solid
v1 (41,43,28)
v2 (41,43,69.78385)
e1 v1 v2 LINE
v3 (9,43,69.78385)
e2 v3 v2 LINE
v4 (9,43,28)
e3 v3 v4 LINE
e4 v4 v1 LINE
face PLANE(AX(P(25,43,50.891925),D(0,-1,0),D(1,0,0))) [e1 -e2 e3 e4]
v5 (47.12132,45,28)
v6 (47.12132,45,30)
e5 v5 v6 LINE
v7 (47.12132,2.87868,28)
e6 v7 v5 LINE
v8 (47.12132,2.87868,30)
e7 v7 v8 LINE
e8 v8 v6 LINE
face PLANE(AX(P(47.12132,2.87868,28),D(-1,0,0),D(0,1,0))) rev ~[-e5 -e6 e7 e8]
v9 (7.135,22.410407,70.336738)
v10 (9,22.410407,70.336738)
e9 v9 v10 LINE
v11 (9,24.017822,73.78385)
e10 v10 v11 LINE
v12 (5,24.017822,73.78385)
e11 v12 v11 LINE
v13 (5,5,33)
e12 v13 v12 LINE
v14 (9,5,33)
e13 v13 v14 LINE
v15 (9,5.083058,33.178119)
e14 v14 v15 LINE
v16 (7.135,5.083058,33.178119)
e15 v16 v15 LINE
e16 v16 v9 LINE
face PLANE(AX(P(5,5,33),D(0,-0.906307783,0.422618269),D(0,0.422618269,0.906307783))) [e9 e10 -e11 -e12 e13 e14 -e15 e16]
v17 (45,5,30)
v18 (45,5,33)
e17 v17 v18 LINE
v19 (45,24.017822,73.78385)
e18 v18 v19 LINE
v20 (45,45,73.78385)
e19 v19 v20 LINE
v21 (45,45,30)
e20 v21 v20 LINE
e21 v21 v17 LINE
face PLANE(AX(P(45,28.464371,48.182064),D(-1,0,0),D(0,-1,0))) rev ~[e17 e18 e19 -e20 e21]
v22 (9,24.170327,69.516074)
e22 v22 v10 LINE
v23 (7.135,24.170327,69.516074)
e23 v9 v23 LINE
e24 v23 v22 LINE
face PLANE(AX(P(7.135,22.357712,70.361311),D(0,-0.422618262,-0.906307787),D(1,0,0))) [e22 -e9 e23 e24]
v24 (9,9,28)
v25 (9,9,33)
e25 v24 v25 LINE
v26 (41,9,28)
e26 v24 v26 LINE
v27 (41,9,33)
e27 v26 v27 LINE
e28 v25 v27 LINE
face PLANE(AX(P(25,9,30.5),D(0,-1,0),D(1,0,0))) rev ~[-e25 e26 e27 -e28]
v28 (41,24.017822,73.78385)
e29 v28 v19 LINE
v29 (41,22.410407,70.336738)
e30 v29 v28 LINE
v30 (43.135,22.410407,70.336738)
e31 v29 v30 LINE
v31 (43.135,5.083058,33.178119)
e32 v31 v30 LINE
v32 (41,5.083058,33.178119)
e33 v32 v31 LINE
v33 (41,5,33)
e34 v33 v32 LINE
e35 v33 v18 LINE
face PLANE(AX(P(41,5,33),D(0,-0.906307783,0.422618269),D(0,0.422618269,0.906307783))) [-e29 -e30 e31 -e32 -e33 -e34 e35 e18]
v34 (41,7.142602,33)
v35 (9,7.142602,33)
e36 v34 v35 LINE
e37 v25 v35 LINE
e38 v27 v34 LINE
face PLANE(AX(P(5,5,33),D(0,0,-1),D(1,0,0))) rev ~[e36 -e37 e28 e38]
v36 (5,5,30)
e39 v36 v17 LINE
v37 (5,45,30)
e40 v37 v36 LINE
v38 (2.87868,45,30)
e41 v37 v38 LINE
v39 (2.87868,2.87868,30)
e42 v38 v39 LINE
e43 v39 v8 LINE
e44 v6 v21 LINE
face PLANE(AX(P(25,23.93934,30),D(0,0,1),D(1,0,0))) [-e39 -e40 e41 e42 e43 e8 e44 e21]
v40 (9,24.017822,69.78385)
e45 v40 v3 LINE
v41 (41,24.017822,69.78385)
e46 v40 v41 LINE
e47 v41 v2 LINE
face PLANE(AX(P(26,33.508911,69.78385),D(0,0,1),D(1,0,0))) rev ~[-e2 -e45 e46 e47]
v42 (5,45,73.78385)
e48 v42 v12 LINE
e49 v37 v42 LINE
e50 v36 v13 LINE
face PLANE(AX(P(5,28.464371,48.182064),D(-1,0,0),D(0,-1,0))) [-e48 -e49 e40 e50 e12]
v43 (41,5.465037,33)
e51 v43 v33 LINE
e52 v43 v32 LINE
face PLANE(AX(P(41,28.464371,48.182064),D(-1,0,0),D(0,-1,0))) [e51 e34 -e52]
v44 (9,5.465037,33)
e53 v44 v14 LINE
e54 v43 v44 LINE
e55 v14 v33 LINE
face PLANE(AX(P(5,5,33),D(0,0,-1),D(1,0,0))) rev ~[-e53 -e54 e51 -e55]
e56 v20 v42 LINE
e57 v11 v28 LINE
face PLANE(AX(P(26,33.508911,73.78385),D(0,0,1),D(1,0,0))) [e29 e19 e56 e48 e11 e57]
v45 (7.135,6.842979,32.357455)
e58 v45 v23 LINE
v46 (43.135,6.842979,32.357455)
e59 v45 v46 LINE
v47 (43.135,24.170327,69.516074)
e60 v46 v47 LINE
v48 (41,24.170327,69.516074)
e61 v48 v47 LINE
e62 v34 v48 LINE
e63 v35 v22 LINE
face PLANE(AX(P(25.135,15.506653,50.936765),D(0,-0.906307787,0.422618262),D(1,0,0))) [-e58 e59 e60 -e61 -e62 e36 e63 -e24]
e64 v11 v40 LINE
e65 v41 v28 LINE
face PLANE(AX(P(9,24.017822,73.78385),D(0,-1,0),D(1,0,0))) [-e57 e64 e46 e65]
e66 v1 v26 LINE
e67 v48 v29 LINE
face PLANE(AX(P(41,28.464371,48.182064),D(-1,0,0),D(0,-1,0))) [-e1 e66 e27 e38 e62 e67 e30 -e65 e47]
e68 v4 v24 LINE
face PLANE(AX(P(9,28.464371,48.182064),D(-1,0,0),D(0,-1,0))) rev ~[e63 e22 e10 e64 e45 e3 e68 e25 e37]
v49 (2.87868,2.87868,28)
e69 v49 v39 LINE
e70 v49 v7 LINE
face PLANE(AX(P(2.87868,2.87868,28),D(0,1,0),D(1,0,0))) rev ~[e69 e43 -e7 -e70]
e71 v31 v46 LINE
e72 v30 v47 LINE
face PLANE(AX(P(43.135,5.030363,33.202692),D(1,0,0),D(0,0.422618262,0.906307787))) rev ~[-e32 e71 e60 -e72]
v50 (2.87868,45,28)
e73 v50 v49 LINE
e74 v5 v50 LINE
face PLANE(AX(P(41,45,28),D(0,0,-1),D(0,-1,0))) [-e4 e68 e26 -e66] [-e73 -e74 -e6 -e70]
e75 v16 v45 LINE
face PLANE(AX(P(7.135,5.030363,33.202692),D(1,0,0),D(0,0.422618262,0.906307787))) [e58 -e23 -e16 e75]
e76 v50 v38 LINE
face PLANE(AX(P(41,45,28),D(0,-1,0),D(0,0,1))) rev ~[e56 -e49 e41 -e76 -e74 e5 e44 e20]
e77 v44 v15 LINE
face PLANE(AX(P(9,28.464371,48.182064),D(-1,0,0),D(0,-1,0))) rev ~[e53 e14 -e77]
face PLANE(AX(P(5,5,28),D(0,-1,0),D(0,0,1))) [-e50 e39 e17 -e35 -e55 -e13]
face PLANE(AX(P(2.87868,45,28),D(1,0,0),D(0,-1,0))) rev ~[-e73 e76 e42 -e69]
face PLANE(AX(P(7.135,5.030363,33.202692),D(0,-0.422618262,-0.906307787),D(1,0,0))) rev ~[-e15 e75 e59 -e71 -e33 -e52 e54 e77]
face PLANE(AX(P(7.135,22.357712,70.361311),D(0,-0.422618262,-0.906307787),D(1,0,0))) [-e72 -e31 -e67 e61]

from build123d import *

# Parameters (mm, degrees)
SKETCH033_W             = 36
SKETCH033_H             = 41
SKETCH033_R             = 1.65
EXTRUDE035_DEPTH        = 2
SKETCH039_W             = 14.242
SKETCH039_H             = 2.925
EXTRUDE039_DEPTH        = 0.5
LINK007_PLACEMENT_ANGLE = 65
SKETCH040_W             = 40
SKETCH040_H             = 38
EXTRUDE041_DEPTH        = 2
EXTRUDE040_DEPTH        = 4
SKETCH041_W             = 40
SKETCH041_H             = 45.78385
EXTRUDE042_DEPTH        = 2
SKETCH042_W             = 34
SKETCH042_H             = 18.982178
EXTRUDE043_DEPTH        = 4
SKETCH043_W             = 40
SKETCH043_H             = 5
EXTRUDE044_DEPTH        = 4


with BuildPart() as extrude_displaycase_front:
    # Sketch033 → Extrude035 (new body)
    with BuildSketch(Plane.XY):
        with Locations((13.635, 13)):
            Rectangle(SKETCH033_W, SKETCH033_H)
        with Locations((3, 30.31)):
            Circle(SKETCH033_R, mode=Mode.SUBTRACT)
        with Locations((24.27, 30.31)):
            Circle(SKETCH033_R, mode=Mode.SUBTRACT)
        with Locations((3, -2)):
            Circle(SKETCH033_R, mode=Mode.SUBTRACT)
        with Locations((24.27, -2)):
            Circle(SKETCH033_R, mode=Mode.SUBTRACT)
        Polygon((27.37, 23.21), (27.37, 3.51), (-0.1, 3.51), (-0.1, 23.21), (6.514, 23.21), (6.514, 26.135), (20.756, 26.135), (20.756, 23.21), align=None, mode=Mode.SUBTRACT)
    extrude(amount=-EXTRUDE035_DEPTH)


with BuildPart() as fusion_displaycase_front001:
    # Sketch039 → Extrude039 (new body)
    with BuildSketch(Plane.XY):
        with Locations((13.635, 24.6725)):
            Rectangle(SKETCH039_W, SKETCH039_H)
    extrude(amount=-EXTRUDE039_DEPTH)

    # Fusion012: union Extrude_DisplayCase_Front
    add(extrude_displaycase_front.part)


with BuildPart() as fusion_displaycase_front001_1:
    # Link007 placement: moved
    add(fusion_displaycase_front001.part.moved(Location((6.5, 3.2, 12))).rotate(Axis((6.5, 3.2, 12), (1, 0, 0)), LINK007_PLACEMENT_ANGLE))


with BuildPart() as extrude_displaycase_bottom:
    # Sketch040 → Extrude041 (new body)
    with BuildSketch(Plane.XY):
        Polygon((40, 40), (0, 40), (-2.12132, 40), (-2.12132, -2.12132), (42.12132, -2.12132), (42.12132, 40), align=None)
        with Locations((20, 19)):
            Rectangle(SKETCH040_W, SKETCH040_H, mode=Mode.SUBTRACT)
    extrude(amount=EXTRUDE041_DEPTH)


with BuildPart() as extrude_displaycase_side:
    # Sketch032 → Extrude040 (new body)
    with BuildSketch(Plane.YZ):
        Polygon((0, 5), (19.017822, 45.78385), (40, 45.78385), (40, 5), (40, 0), (0, 0), align=None)
    extrude(amount=EXTRUDE040_DEPTH)


with BuildPart() as extrude_displaycase_side001:
    # Link006 base: copy of Extrude_DisplayCase_Side
    add(extrude_displaycase_side.part)


with BuildPart() as extrude_displaycase_side001_1:
    # Link006 placement: moved
    add(extrude_displaycase_side001.part.moved(Location((36, 0, 0))))


with BuildPart() as extrude_displaycase_back:
    # Sketch041 → Extrude042 (new body)
    with BuildSketch(Plane.XZ):
        with Locations((20, 22.891925)):
            Rectangle(SKETCH041_W, SKETCH041_H)
    extrude(amount=EXTRUDE042_DEPTH)


with BuildPart() as extrude_displaycase_back_1:
    # Extrude042 placement: moved
    add(extrude_displaycase_back.part.moved(Location((0, 40, 0))))


with BuildPart() as extrude_displaycase_top:
    # Sketch042 → Extrude043 (new body)
    with BuildSketch(Plane.XY):
        with Locations((21, 28.508911)):
            Rectangle(SKETCH042_W, SKETCH042_H)
    extrude(amount=-EXTRUDE043_DEPTH)


with BuildPart() as extrude_displaycase_top_1:
    # Extrude043 placement: moved
    add(extrude_displaycase_top.part.moved(Location((0, 0, 45.78385))))


with BuildPart() as extrude_displaycase_frontbottom:
    # Sketch043 → Extrude044 (new body)
    with BuildSketch(Plane.XZ):
        with Locations((20, 2.5)):
            Rectangle(SKETCH043_W, SKETCH043_H)
    extrude(amount=-EXTRUDE044_DEPTH)


with BuildPart() as cut_displaycase:
    # Fusion013 base: copy of Extrude_DisplayCase_Side
    add(extrude_displaycase_side.part)

    # Fusion013: union Extrude_DisplayCase_Bottom, Extrude_DisplayCase_Side001, Extrude_DisplayCase_Back, Extrude_DisplayCase_Top, Extrude_DisplayCase_FrontBottom
    add(extrude_displaycase_bottom.part)
    add(extrude_displaycase_side001_1.part)
    add(extrude_displaycase_back_1.part)
    add(extrude_displaycase_top_1.part)
    add(extrude_displaycase_frontbottom.part)

    # Cut010: cut Fusion_DisplayCase_Front001
    add(fusion_displaycase_front001_1.part, mode=Mode.SUBTRACT)


with BuildPart() as cut_displaycase_1:
    # Cut010 placement: moved
    add(cut_displaycase.part.moved(Location((5, 5, 28))))


solid = cut_displaycase_1.part
